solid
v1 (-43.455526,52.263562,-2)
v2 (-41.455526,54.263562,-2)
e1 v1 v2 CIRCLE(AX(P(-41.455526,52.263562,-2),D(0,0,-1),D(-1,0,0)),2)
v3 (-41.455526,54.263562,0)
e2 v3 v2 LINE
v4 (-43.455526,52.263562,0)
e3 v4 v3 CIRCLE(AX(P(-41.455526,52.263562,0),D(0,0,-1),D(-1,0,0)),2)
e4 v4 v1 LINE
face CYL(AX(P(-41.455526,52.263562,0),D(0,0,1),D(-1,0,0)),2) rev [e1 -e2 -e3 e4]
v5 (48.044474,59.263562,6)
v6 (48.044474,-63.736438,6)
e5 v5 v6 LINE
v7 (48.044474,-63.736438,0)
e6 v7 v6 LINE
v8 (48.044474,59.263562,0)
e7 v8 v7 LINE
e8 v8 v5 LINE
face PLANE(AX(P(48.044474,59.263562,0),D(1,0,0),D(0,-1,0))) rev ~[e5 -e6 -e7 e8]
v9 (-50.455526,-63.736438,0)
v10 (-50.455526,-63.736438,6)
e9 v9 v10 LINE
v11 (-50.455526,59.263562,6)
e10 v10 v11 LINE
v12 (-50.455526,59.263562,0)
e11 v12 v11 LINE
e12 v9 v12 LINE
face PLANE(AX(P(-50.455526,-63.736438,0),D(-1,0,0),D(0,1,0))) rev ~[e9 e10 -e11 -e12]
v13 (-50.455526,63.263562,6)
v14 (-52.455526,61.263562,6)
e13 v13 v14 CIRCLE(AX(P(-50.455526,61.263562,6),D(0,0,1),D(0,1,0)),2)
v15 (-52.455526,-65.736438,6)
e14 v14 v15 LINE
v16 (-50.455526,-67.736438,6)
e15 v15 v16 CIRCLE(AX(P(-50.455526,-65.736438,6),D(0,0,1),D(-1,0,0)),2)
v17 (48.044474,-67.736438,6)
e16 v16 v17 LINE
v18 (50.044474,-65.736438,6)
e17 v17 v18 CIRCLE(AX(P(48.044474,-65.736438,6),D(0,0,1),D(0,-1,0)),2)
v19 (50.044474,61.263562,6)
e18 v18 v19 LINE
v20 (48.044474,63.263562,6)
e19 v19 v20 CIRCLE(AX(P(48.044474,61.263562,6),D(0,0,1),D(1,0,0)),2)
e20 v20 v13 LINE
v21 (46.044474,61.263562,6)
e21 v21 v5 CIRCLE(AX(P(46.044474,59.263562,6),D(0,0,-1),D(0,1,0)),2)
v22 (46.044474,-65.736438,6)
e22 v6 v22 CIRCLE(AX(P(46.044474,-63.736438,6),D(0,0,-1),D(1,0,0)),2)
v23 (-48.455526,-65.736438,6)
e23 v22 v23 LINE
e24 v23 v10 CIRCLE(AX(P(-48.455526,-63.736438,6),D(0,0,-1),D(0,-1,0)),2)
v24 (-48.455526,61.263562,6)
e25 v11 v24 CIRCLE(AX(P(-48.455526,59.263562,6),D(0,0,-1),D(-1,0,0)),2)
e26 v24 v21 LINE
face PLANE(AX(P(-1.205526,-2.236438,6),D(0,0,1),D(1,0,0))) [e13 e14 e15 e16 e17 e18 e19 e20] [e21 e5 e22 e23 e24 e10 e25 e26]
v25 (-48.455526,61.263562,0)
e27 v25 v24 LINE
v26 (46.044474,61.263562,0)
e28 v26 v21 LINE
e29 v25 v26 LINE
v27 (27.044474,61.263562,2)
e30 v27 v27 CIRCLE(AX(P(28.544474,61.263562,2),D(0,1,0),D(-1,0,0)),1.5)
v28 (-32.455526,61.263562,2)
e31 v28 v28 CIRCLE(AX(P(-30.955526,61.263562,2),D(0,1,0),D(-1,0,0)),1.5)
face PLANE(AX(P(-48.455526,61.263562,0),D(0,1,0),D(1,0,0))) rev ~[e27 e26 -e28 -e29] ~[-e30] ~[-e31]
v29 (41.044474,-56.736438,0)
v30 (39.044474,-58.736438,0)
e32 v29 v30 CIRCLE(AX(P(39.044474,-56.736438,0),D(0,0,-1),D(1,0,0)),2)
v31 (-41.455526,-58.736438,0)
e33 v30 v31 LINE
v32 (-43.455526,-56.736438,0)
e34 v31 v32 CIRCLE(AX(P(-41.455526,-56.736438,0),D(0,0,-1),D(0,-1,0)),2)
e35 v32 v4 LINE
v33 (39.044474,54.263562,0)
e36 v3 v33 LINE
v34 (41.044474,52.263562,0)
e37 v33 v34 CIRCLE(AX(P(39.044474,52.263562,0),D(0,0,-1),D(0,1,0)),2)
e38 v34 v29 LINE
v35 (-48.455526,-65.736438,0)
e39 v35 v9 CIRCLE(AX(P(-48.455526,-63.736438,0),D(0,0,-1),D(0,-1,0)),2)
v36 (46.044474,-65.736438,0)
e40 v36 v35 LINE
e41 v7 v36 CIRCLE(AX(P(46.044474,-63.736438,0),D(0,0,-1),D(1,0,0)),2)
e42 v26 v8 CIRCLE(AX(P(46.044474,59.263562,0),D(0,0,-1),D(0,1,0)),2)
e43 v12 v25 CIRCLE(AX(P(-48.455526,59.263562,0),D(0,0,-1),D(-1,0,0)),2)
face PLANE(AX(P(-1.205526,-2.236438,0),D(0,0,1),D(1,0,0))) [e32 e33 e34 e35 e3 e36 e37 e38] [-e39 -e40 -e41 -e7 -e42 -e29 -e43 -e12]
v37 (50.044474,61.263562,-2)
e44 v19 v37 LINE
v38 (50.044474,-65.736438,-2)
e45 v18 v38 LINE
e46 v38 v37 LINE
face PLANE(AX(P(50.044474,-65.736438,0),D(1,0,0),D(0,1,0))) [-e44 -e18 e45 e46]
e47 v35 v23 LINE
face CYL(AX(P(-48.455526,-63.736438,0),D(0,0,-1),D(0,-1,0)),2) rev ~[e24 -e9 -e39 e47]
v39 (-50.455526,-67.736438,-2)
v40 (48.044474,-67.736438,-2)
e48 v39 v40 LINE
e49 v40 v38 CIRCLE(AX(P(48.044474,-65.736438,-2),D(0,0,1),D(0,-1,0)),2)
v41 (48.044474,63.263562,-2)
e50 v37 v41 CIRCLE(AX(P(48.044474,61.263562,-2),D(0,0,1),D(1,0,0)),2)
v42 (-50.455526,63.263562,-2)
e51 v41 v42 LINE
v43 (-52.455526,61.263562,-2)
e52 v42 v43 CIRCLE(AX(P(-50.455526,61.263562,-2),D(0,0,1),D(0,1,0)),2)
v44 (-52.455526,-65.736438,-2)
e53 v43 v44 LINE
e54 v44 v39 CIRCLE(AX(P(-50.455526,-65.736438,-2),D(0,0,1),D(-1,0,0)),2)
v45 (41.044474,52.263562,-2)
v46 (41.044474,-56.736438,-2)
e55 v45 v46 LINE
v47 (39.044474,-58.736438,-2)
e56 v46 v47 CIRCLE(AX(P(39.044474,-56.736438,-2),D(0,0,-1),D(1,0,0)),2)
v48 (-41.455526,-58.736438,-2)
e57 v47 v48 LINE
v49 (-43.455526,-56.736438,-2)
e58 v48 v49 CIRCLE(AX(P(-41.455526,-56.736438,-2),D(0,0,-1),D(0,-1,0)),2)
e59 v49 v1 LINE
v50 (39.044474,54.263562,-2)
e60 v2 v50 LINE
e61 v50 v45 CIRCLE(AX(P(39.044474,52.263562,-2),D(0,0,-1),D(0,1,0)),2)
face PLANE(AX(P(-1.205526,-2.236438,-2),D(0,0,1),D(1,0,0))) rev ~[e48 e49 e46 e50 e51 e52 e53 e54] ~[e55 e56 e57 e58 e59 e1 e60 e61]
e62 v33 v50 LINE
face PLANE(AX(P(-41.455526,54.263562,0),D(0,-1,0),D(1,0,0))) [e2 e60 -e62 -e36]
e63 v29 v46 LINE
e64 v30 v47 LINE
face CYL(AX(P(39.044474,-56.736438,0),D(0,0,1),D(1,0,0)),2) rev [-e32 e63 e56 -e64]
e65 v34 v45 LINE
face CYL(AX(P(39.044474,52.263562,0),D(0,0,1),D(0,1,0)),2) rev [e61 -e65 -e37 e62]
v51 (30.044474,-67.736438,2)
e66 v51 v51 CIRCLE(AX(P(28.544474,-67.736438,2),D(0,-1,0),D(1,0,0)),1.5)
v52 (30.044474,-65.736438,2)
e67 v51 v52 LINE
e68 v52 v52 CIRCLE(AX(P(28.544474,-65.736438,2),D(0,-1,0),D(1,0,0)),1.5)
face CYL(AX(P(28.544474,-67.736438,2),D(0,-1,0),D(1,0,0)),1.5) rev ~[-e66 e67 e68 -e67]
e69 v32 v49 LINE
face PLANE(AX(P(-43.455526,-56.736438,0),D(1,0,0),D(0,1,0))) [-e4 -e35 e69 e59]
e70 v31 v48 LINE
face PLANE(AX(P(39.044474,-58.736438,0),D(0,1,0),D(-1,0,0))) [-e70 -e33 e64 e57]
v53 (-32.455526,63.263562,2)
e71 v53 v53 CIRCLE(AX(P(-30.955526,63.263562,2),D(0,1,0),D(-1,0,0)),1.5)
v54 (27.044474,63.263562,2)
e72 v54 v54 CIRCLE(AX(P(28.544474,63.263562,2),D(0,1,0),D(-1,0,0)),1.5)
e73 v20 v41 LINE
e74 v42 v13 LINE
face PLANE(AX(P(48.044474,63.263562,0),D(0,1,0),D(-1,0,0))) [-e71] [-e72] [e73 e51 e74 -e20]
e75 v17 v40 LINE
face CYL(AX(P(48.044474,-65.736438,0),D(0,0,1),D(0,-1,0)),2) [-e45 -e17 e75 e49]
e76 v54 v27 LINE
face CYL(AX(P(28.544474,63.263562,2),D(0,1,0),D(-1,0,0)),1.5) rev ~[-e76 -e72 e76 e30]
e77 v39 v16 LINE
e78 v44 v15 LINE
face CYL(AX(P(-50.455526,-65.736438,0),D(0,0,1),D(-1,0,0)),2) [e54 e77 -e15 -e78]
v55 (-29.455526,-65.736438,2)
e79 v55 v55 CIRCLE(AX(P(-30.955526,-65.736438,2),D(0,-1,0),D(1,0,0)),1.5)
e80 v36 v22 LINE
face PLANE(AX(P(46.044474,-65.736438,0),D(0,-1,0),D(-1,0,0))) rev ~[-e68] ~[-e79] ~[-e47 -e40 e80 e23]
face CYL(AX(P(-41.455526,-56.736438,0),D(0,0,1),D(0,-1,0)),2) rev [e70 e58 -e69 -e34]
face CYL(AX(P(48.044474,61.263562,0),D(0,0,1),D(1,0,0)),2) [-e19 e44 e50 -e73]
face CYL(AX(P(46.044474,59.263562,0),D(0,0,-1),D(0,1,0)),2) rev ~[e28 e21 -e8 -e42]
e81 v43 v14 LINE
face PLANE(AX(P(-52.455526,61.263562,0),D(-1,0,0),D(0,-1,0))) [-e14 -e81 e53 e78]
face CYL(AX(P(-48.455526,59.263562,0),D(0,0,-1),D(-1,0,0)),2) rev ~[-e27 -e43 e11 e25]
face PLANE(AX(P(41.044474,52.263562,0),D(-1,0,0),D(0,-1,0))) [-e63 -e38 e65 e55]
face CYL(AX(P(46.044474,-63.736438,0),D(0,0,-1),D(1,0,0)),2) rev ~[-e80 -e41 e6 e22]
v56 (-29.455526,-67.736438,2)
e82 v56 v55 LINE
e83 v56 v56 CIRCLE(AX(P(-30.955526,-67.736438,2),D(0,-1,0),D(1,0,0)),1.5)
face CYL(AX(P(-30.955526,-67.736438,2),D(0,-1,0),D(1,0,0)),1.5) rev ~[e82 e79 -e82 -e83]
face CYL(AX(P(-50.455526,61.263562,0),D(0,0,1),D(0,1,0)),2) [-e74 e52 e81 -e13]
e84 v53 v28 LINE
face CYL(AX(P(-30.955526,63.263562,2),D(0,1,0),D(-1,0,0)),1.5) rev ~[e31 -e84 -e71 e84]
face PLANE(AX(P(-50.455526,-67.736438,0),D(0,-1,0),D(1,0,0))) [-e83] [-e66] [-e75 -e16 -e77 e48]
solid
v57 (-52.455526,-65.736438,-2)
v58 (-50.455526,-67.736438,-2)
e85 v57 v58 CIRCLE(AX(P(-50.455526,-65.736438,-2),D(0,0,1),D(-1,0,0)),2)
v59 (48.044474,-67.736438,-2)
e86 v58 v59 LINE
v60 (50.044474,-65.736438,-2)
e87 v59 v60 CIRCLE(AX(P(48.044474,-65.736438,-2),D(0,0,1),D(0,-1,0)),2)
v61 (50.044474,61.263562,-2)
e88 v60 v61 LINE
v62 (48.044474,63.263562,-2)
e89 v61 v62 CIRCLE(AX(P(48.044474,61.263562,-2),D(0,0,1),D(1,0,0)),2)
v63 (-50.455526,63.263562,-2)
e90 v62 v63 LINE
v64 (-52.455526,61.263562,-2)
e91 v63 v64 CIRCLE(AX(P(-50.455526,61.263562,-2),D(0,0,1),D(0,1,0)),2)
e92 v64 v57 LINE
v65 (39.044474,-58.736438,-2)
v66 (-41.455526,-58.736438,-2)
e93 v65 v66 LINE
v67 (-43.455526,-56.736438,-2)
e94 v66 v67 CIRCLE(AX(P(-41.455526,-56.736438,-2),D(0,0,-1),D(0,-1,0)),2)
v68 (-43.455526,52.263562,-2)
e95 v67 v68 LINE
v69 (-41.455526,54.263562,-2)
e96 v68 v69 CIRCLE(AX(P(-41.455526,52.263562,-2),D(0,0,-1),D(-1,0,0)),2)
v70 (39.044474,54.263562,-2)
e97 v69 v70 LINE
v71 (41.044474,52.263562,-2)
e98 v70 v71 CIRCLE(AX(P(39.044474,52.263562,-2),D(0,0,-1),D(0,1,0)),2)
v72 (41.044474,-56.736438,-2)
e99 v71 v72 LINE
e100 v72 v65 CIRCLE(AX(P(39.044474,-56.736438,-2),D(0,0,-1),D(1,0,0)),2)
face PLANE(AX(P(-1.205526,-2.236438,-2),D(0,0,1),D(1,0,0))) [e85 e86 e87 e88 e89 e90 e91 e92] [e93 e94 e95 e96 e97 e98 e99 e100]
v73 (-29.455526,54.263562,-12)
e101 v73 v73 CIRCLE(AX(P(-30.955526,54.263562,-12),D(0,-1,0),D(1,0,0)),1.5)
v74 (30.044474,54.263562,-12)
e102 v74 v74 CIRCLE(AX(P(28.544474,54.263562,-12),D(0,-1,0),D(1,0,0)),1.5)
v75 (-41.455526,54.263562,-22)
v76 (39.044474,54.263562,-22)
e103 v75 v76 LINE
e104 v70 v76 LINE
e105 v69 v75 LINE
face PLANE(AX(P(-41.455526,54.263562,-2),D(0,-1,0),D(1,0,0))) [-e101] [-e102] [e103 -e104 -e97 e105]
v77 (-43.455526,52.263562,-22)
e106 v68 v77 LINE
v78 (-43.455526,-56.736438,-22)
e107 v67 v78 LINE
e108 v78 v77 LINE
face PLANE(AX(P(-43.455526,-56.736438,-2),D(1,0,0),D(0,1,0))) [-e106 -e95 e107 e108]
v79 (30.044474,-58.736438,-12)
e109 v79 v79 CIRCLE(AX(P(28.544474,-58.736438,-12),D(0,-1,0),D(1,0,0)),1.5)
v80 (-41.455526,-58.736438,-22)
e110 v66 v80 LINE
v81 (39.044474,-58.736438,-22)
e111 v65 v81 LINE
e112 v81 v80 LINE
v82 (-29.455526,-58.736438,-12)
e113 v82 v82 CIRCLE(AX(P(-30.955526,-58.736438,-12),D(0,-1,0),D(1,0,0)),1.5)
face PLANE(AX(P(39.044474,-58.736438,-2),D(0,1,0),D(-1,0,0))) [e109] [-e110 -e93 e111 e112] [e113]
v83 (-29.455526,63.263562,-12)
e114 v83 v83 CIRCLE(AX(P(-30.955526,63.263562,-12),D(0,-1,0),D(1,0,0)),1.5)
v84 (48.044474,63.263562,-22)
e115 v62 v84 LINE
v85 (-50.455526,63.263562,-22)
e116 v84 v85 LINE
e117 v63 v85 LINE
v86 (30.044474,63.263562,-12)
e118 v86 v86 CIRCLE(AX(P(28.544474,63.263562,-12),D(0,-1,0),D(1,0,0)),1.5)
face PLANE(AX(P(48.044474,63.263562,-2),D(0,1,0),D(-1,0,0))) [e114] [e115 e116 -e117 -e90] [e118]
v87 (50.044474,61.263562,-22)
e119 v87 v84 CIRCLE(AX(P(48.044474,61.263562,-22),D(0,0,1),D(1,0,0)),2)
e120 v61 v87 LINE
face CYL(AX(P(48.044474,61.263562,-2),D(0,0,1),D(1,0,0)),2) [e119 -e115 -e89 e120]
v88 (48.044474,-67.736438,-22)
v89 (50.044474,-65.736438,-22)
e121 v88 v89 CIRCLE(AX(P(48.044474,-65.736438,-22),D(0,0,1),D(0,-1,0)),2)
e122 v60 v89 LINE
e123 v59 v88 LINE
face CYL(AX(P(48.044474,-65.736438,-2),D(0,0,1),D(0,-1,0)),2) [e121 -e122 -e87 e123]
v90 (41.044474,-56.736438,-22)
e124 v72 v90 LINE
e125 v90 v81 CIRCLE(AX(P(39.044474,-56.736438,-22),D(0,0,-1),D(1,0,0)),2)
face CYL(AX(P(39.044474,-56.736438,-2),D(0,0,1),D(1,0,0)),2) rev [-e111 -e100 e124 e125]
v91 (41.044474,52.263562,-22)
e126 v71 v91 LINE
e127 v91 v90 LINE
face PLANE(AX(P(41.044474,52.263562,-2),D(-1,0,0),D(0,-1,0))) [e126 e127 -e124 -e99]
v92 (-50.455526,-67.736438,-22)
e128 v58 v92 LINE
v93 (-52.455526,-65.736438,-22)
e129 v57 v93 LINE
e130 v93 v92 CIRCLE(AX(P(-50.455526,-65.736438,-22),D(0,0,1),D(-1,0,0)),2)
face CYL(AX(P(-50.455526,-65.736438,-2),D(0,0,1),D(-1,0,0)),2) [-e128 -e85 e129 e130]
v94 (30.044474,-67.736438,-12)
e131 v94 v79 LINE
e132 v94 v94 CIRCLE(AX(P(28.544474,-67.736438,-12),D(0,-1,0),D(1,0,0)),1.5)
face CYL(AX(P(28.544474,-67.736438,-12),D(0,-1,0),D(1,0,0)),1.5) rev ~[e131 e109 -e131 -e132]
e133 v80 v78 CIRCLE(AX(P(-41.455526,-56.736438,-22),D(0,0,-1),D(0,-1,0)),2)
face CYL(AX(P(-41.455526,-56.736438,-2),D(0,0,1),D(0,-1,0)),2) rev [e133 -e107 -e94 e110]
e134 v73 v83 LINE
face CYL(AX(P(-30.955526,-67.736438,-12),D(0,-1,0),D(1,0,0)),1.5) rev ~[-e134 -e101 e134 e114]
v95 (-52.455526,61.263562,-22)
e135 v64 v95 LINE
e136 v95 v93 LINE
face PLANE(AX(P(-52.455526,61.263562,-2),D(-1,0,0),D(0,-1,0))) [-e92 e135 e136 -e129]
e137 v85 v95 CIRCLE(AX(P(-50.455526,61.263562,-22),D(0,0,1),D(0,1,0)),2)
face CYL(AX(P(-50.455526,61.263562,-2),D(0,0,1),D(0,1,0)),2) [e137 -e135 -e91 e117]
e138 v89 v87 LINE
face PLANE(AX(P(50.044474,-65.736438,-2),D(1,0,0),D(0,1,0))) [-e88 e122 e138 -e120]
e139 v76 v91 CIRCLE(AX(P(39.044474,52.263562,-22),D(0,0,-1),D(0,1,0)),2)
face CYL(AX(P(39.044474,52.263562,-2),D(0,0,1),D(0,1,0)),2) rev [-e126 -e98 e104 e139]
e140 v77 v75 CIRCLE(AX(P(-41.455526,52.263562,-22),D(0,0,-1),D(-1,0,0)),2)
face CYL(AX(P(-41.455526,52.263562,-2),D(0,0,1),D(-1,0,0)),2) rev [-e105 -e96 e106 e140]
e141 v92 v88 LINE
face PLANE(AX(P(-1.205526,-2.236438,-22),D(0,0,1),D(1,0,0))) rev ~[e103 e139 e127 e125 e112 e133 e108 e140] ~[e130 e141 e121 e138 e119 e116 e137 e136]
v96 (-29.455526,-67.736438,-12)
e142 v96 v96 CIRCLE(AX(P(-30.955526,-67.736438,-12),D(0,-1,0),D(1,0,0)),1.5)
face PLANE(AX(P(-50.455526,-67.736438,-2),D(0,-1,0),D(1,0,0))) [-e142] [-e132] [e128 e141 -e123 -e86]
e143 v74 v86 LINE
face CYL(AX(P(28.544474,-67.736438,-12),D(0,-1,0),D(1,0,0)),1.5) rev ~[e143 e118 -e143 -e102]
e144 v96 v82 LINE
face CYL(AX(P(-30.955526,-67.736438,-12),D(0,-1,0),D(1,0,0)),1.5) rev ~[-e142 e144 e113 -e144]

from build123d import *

# Parameters (mm, degrees)
F1_DEPTH  = 6
F3_DEPTH  = 2
F4_R      = 1.5
F6_DEPTH  = 2
F5_R      = 1.5
F7_DEPTH  = 2
F8_DEPTH  = 20
F9_R      = 1.5
F10_DEPTH = 135


with BuildPart() as f1:
    # F0 (on Top) → F1 (new body)
    with BuildSketch(Plane.XY):
        with BuildLine():
            Line((48.0444741547, 63.2635615916), (-50.4555258453, 63.2635615916))
            ThreePointArc((-50.4555258453, 63.2635615916), (-51.8697394077, 62.677775154), (-52.4555258453, 61.2635615916))
            Line((-52.4555258453, 61.2635615916), (-52.4555258453, -65.7364384084))
            ThreePointArc((-52.4555258453, -65.7364384084), (-51.8697394077, -67.1506519707), (-50.4555258453, -67.7364384084))
            Line((-50.4555258453, -67.7364384084), (48.0444741547, -67.7364384084))
            ThreePointArc((48.0444741547, -67.7364384084), (49.4586877171, -67.1506519707), (50.0444741547, -65.7364384084))
            Line((50.0444741547, -65.7364384084), (50.0444741547, 61.2635615916))
            ThreePointArc((50.0444741547, 61.2635615916), (49.4586877171, 62.677775154), (48.0444741547, 63.2635615916))
        make_face()
        with BuildLine():
            ThreePointArc((-50.4555258453, 59.2635615916), (-49.8697394077, 60.677775154), (-48.4555258453, 61.2635615916))
            Line((-48.4555258453, 61.2635615916), (46.0444741547, 61.2635615916))
            ThreePointArc((46.0444741547, 61.2635615916), (47.4586877171, 60.677775154), (48.0444741547, 59.2635615916))
            Line((48.0444741547, 59.2635615916), (48.0444741547, -63.7364384084))
            ThreePointArc((48.0444741547, -63.7364384084), (47.4586877171, -65.1506519707), (46.0444741547, -65.7364384084))
            Line((46.0444741547, -65.7364384084), (-48.4555258453, -65.7364384084))
            ThreePointArc((-48.4555258453, -65.7364384084), (-49.8697394077, -65.1506519707), (-50.4555258453, -63.7364384084))
            Line((-50.4555258453, -63.7364384084), (-50.4555258453, 59.2635615916))
        make_face(mode=Mode.SUBTRACT)
    extrude(amount=F1_DEPTH)

    # F2 (on Top) → F3 (join)
    with BuildSketch(Plane.XY):
        with BuildLine():
            Line((48.0444741547, 63.2635615916), (-50.4555258453, 63.2635615916))
            ThreePointArc((-50.4555258453, 63.2635615916), (-51.8697394077, 62.677775154), (-52.4555258453, 61.2635615916))
            Line((-52.4555258453, 61.2635615916), (-52.4555258453, -65.7364384084))
            ThreePointArc((-52.4555258453, -65.7364384084), (-51.8697394077, -67.1506519707), (-50.4555258453, -67.7364384084))
            Line((-50.4555258453, -67.7364384084), (48.0444741547, -67.7364384084))
            ThreePointArc((48.0444741547, -67.7364384084), (49.4586877171, -67.1506519707), (50.0444741547, -65.7364384084))
            Line((50.0444741547, -65.7364384084), (50.0444741547, 61.2635615916))
            ThreePointArc((50.0444741547, 61.2635615916), (49.4586877171, 62.677775154), (48.0444741547, 63.2635615916))
        make_face()
        with BuildLine():
            ThreePointArc((-43.4555258453, 52.2635615916), (-42.8697394077, 53.677775154), (-41.4555258453, 54.2635615916))
            Line((-41.4555258453, 54.2635615916), (39.0444741547, 54.2635615916))
            ThreePointArc((39.0444741547, 54.2635615916), (40.4586877171, 53.677775154), (41.0444741547, 52.2635615916))
            Line((41.0444741547, 52.2635615916), (41.0444741547, -56.7364384084))
            ThreePointArc((41.0444741547, -56.7364384084), (40.4586877171, -58.1506519707), (39.0444741547, -58.7364384084))
            Line((39.0444741547, -58.7364384084), (-41.4555258453, -58.7364384084))
            ThreePointArc((-41.4555258453, -58.7364384084), (-42.8697394077, -58.1506519707), (-43.4555258453, -56.7364384084))
            Line((-43.4555258453, -56.7364384084), (-43.4555258453, 52.2635615916))
        make_face(mode=Mode.SUBTRACT)
    extrude(amount=-F3_DEPTH)

    # F4 (on face) → F6 (cut)
    with BuildSketch(Plane.XZ.offset(67.7364384084)):
        with Locations((28.5444741547, 2)):
            Circle(F4_R)
        with Locations((-30.9555258453, 2)):
            Circle(F4_R)
    extrude(amount=-F6_DEPTH, mode=Mode.SUBTRACT)

    # F5 (on face) → F7 (cut)
    with BuildSketch(Plane(origin=(0, 63.2635615916, 0), x_dir=(-1, 0, 0), z_dir=(0, 1, 0))):
        with Locations((-28.5444741547, 2)):
            Circle(F5_R)
        with Locations((30.9555258453, 2)):
            Circle(F5_R)
    extrude(amount=-F7_DEPTH, mode=Mode.SUBTRACT)


with BuildPart() as f8:
    # F8 (new): a face of the model
    f8_faces = [f1.part.faces().sort_by_distance(p)[0] for p in [
        (-1.2055258453, 61.6002140633, -2),
    ]]
    extrude(f8_faces, amount=F8_DEPTH)

    # F9 (on face) → F10 (cut)
    with BuildSketch(Plane.XZ.offset(67.7364384084)):
        with Locations((28.5444741547, -12)):
            Circle(F9_R)
        with Locations((-30.9555258453, -12)):
            Circle(F9_R)
    extrude(amount=-F10_DEPTH, mode=Mode.SUBTRACT)


solid = Compound([f1.part, f8.part])
